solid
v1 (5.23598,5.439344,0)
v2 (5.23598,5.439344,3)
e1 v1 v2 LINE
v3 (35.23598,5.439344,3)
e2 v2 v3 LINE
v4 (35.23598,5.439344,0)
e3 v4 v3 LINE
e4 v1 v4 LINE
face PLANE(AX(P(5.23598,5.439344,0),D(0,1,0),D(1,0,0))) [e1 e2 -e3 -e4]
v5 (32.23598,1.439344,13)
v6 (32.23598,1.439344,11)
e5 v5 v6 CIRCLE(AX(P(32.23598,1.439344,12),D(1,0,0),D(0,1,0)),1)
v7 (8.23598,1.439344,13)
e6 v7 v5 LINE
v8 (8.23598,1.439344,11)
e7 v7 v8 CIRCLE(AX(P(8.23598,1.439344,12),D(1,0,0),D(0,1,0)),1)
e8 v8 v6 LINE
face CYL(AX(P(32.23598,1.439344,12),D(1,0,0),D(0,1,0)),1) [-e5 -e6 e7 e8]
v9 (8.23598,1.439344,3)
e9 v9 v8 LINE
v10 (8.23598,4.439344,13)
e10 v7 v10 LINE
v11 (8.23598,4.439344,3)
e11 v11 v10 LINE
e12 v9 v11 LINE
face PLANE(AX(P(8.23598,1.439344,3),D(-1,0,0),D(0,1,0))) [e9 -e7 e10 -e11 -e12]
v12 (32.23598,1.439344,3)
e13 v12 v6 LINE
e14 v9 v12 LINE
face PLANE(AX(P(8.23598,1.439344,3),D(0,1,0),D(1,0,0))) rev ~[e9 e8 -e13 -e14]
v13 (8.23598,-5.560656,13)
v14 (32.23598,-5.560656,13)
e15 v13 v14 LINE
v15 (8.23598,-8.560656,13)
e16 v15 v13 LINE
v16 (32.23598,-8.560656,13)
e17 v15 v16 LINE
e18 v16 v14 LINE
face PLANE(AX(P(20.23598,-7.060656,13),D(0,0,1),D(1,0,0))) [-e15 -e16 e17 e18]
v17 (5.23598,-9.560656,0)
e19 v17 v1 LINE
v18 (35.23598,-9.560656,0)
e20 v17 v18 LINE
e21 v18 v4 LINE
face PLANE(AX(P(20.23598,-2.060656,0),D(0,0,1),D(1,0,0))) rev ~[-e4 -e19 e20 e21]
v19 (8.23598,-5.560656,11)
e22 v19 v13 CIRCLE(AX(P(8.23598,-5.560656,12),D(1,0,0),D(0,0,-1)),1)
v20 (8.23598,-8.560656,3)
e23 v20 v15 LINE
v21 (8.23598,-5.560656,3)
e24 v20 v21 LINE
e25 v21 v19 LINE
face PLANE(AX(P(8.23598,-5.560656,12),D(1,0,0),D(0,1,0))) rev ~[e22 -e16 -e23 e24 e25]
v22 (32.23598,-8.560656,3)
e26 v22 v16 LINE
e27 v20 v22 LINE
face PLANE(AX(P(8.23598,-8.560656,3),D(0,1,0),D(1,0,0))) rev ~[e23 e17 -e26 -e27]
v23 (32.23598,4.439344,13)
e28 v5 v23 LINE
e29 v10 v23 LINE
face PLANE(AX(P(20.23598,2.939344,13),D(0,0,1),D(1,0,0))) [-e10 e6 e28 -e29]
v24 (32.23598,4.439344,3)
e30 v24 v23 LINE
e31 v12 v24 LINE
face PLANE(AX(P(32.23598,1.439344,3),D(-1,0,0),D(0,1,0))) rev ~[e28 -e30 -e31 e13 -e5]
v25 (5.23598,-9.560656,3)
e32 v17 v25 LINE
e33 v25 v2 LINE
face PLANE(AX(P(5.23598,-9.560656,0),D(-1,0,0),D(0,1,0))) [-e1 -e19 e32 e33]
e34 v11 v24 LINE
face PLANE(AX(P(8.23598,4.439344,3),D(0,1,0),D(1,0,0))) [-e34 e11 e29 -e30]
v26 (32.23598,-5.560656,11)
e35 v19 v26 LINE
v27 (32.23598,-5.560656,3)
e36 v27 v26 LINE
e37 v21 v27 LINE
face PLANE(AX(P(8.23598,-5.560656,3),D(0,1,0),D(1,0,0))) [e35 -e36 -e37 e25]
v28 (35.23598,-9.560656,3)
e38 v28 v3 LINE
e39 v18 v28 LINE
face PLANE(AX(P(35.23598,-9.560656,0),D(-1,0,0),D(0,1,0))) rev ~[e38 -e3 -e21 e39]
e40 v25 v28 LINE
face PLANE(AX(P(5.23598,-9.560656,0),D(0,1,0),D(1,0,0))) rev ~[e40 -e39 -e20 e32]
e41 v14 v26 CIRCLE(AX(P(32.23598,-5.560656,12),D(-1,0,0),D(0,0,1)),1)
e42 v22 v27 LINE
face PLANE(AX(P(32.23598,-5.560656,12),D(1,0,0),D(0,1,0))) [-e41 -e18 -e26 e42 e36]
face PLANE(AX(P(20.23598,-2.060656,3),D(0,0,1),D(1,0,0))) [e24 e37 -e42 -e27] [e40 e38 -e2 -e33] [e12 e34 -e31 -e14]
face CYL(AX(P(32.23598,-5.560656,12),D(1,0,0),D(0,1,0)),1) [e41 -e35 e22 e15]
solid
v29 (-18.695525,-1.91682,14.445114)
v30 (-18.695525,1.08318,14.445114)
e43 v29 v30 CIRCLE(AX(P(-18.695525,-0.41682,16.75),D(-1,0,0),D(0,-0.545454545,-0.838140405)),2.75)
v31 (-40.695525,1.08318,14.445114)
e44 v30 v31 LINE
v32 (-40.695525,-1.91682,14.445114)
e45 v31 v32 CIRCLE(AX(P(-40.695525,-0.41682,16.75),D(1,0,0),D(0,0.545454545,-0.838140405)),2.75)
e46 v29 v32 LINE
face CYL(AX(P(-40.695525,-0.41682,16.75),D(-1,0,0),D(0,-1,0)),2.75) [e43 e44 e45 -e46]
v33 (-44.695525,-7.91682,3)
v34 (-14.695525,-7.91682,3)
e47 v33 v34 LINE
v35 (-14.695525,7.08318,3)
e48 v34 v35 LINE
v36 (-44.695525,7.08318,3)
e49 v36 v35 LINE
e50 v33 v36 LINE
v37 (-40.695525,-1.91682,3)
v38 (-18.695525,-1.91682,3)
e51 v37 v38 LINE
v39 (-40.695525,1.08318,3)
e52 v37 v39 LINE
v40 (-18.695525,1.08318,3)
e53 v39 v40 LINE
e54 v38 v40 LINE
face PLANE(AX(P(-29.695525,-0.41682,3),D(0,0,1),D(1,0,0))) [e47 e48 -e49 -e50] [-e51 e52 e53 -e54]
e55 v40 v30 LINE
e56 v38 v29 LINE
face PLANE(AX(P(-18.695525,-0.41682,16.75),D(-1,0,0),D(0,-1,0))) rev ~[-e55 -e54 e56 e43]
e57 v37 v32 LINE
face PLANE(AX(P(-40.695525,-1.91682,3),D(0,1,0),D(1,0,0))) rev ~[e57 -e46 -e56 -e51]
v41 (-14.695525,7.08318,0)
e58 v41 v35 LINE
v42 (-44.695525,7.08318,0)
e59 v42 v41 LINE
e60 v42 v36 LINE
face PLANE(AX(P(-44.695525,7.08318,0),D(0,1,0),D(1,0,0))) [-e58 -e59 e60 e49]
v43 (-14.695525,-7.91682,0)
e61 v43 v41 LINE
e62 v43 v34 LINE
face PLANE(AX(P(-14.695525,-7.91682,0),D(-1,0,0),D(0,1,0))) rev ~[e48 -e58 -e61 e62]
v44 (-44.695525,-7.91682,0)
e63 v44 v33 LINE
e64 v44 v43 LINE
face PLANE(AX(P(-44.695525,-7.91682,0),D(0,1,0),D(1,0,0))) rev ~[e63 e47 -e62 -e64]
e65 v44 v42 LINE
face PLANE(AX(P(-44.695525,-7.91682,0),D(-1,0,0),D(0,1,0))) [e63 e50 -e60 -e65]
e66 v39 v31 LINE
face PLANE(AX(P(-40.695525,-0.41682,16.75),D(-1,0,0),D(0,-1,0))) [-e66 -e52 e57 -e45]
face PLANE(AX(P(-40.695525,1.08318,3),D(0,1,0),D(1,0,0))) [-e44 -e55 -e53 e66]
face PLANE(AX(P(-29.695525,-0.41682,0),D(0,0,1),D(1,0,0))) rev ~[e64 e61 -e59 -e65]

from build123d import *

# Parameters (mm, degrees)
F0_W      = 30
F0_H      = 15
F1_DEPTH  = 3
F2_W      = 24
F2_H      = 3
F3_DEPTH  = 10
F4_R      = 1
F5_DEPTH  = 24
F6_R      = 1
F7_DEPTH  = 24
F8_W      = 22
F8_H      = 3
F9_DEPTH  = 15
F10_R     = 2.75
F11_DEPTH = 22


with BuildPart() as f1:
    # F0 (on Top) → F1 (new body)
    with BuildSketch(Plane.XY):
        with Locations((-29.695525, -0.41682)):
            Rectangle(F0_W, F0_H)
        with Locations((20.23598, -2.060656)):
            Rectangle(F0_W, F0_H)
    extrude(amount=F1_DEPTH)

    # F2 (on face) → F3 (join)
    with BuildSketch(Plane.XY.offset(3)):
        with Locations((20.23598, 2.939344)):
            Rectangle(F2_W, F2_H)
        with Locations((20.23598, -7.060656)):
            Rectangle(F2_W, F2_H)
    extrude(amount=F3_DEPTH)

    # F4 (on face) → F5 (join)
    with BuildSketch(Plane.YZ.offset(32.23598)):
        with Locations((-5.560656, 12)):
            Circle(F4_R)
    extrude(amount=-F5_DEPTH)

    # F6 (on face) → F7 (join)
    with BuildSketch(Plane.YZ.offset(32.23598)):
        with Locations((1.439344, 12)):
            Circle(F6_R)
    extrude(amount=-F7_DEPTH)

    # F8 (on face) → F9 (join)
    with BuildSketch(Plane.XY.offset(3)):
        with Locations((-29.695525, -0.41682)):
            Rectangle(F8_W, F8_H)
    extrude(amount=F9_DEPTH)

    # F10 (on face) → F11 (join)
    with BuildSketch(Plane(origin=(-40.695525, 0, 0), x_dir=(0, -1, 0), z_dir=(-1, 0, 0))):
        with Locations((0.41682, 16.75)):
            Circle(F10_R)
    extrude(amount=-F11_DEPTH)


solid = f1.part
